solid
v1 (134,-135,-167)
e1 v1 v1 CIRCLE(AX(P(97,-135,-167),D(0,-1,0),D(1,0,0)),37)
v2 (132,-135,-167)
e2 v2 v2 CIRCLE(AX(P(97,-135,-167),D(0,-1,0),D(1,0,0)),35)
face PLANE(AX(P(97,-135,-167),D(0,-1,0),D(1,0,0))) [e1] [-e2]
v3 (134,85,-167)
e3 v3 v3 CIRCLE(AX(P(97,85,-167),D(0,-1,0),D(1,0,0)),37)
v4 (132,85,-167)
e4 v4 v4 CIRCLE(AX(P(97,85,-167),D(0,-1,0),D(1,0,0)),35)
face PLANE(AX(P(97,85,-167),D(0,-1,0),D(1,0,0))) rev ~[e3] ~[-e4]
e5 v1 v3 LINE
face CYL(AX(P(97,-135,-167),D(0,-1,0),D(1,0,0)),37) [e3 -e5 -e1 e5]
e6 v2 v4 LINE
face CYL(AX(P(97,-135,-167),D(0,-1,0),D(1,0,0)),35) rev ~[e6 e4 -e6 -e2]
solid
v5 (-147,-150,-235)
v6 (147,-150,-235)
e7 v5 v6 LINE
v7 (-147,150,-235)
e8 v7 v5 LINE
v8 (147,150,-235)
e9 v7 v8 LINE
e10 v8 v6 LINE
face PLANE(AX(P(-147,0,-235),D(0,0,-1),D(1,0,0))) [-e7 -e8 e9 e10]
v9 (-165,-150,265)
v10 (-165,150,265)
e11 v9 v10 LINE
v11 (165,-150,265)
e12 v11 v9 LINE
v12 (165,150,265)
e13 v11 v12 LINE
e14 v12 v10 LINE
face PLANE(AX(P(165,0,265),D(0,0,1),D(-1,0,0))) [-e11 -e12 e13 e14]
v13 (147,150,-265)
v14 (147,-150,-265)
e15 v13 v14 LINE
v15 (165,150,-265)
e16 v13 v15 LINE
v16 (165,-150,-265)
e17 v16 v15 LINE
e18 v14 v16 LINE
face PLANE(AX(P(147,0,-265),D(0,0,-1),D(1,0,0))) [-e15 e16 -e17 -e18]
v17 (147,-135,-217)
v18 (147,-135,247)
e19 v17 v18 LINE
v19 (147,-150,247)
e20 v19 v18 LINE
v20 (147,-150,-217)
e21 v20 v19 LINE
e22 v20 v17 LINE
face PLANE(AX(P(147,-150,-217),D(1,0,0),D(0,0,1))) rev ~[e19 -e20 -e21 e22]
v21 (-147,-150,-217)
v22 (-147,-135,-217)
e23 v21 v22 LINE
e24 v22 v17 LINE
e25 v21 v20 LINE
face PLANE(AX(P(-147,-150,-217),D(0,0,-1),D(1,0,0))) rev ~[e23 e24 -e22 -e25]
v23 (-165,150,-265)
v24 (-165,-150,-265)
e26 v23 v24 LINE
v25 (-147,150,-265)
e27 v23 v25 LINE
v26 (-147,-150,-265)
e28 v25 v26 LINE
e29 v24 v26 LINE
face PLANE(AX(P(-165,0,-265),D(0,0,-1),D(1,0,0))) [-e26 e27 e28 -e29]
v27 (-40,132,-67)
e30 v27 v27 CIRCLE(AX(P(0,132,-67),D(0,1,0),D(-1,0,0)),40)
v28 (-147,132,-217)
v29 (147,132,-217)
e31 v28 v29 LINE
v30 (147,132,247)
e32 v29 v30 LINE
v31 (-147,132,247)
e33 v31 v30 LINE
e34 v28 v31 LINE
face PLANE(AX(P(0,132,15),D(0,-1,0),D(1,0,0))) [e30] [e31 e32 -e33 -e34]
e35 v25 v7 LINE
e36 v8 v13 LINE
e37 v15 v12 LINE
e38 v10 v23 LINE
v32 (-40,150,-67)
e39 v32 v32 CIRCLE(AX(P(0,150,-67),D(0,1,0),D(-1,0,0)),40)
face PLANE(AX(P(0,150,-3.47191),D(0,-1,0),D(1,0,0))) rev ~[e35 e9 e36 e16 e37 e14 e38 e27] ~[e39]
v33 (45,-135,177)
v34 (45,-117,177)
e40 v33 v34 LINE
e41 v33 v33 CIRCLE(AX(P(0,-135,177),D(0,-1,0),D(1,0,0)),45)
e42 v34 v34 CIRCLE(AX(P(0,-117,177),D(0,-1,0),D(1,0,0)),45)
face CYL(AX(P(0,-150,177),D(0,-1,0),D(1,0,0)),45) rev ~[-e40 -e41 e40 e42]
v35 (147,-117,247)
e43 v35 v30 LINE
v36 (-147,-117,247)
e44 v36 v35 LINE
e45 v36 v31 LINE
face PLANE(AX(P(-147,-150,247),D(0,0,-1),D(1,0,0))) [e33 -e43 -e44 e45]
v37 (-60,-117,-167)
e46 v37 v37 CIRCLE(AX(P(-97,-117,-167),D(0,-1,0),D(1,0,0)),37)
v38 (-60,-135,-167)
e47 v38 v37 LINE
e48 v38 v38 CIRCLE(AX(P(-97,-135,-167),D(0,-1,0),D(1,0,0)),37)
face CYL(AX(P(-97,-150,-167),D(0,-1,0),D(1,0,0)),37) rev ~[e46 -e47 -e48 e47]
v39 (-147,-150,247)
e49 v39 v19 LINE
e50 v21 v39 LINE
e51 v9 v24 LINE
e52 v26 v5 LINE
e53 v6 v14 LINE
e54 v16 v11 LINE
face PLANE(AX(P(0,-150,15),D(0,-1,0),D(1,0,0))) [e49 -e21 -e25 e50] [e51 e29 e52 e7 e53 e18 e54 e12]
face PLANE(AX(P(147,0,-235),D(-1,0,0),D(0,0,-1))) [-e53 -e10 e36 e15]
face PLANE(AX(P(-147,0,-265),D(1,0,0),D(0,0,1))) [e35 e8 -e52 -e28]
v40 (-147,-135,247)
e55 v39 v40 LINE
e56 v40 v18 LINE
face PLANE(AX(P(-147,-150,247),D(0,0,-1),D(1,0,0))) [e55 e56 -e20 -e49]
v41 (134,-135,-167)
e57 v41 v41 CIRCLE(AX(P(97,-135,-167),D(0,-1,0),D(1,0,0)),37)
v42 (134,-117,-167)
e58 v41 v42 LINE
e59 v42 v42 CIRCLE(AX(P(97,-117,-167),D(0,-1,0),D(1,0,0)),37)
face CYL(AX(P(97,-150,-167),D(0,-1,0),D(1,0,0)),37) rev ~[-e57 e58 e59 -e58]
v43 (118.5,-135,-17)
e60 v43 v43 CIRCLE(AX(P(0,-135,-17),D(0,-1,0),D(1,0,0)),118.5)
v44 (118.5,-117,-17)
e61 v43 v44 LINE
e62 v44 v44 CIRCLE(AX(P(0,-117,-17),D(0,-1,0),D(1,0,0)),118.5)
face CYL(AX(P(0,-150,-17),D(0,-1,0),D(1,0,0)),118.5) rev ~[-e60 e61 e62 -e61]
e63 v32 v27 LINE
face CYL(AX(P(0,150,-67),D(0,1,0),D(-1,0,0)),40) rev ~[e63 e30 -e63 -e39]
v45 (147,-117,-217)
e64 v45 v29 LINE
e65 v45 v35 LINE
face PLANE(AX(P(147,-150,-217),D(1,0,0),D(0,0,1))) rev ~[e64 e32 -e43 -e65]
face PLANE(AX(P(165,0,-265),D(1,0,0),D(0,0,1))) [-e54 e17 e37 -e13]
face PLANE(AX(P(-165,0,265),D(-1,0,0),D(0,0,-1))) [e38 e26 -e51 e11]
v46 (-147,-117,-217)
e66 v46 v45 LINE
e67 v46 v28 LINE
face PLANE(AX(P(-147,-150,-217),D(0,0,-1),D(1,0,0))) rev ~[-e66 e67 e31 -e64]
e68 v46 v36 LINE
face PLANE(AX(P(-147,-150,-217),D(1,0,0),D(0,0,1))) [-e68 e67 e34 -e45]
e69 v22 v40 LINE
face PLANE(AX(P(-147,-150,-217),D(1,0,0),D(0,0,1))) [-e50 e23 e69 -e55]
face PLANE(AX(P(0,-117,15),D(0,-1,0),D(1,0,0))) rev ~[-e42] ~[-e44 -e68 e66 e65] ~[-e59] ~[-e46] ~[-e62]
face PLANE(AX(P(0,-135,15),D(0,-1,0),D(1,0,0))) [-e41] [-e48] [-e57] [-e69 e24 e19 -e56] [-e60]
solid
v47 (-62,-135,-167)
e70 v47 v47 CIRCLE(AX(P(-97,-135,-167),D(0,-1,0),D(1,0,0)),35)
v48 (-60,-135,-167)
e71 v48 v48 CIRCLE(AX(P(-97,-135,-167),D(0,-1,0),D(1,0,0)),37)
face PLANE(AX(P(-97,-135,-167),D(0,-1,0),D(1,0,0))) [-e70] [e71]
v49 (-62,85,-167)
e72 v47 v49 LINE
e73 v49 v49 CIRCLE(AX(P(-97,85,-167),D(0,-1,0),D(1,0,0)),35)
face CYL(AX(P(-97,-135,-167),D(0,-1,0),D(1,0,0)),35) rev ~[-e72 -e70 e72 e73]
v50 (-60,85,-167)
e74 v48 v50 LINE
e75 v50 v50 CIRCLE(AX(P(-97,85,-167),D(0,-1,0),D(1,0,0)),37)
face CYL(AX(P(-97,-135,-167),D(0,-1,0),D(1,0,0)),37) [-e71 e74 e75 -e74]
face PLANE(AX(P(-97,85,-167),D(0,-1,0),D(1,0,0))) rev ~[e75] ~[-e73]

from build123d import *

# Parameters (mm, degrees)
F1_DEPTH  = 150
F2_W      = 294
F2_H      = 464
F3_DEPTH  = 282
F4_W      = 294
F4_H      = 464
F4_R      = 37
F4_R_2    = 118.5
F4_R_3    = 45
F5_DEPTH  = 33
F6_DEPTH  = 15
F7_R      = 40
F8_DEPTH  = 18
F9_R      = 37
F9_R_2    = 35
F10_DEPTH = 220


with BuildPart() as f1:
    # F0 (on Front) → F1 (new body, symmetric)
    with BuildSketch(Plane.XZ):
        Polygon((-165, 265), (-165, -265), (-147, -265), (-147, -235), (147, -235), (147, -265), (165, -265), (165, 265), align=None)
    extrude(amount=F1_DEPTH, both=True)

    # F2 (on face) → F3 (cut)
    with BuildSketch(Plane.XZ.offset(150)):
        with Locations((0, 15)):
            Rectangle(F2_W, F2_H)
    extrude(amount=-F3_DEPTH, mode=Mode.SUBTRACT)

    # F4 (on face) → F5 (join)
    with BuildSketch(Plane.XZ.offset(150)):
        with Locations((0, 15)):
            Rectangle(F4_W, F4_H)
        with Locations((-97, -167)):
            Circle(F4_R, mode=Mode.SUBTRACT)
        with Locations((97, -167)):
            Circle(F4_R, mode=Mode.SUBTRACT)
        with Locations((0, -17)):
            Circle(F4_R_2, mode=Mode.SUBTRACT)
        with Locations((0, 177)):
            Circle(F4_R_3, mode=Mode.SUBTRACT)
    extrude(amount=-F5_DEPTH)

    # F4 (on face) → F6 (cut)
    with BuildSketch(Plane.XZ.offset(150)):
        with Locations((0, 15)):
            Rectangle(F4_W, F4_H)
        with Locations((-97, -167)):
            Circle(F4_R, mode=Mode.SUBTRACT)
        with Locations((97, -167)):
            Circle(F4_R, mode=Mode.SUBTRACT)
        with Locations((0, -17)):
            Circle(F4_R_2, mode=Mode.SUBTRACT)
        with Locations((0, 177)):
            Circle(F4_R_3, mode=Mode.SUBTRACT)
    extrude(amount=-F6_DEPTH, mode=Mode.SUBTRACT)

    # F7 (on face) → F8 (cut, through all)
    with BuildSketch(Plane(origin=(0, 150, 0), x_dir=(-1, 0, 0), z_dir=(0, 1, 0))):
        with Locations((0, -67)):
            Circle(F7_R)
    extrude(amount=-F8_DEPTH, mode=Mode.SUBTRACT)


with BuildPart() as f10:
    # F9 (on face) → F10 (new body)
    with BuildSketch(Plane.XZ.offset(135)):
        with Locations((-97, -167)):
            Circle(F9_R)
        with Locations((-97, -167)):
            Circle(F9_R_2, mode=Mode.SUBTRACT)
        with Locations((97, -167)):
            Circle(F9_R)
        with Locations((97, -167)):
            Circle(F9_R_2, mode=Mode.SUBTRACT)
    extrude(amount=-F10_DEPTH)


solid = Compound([f1.part, f10.part])
